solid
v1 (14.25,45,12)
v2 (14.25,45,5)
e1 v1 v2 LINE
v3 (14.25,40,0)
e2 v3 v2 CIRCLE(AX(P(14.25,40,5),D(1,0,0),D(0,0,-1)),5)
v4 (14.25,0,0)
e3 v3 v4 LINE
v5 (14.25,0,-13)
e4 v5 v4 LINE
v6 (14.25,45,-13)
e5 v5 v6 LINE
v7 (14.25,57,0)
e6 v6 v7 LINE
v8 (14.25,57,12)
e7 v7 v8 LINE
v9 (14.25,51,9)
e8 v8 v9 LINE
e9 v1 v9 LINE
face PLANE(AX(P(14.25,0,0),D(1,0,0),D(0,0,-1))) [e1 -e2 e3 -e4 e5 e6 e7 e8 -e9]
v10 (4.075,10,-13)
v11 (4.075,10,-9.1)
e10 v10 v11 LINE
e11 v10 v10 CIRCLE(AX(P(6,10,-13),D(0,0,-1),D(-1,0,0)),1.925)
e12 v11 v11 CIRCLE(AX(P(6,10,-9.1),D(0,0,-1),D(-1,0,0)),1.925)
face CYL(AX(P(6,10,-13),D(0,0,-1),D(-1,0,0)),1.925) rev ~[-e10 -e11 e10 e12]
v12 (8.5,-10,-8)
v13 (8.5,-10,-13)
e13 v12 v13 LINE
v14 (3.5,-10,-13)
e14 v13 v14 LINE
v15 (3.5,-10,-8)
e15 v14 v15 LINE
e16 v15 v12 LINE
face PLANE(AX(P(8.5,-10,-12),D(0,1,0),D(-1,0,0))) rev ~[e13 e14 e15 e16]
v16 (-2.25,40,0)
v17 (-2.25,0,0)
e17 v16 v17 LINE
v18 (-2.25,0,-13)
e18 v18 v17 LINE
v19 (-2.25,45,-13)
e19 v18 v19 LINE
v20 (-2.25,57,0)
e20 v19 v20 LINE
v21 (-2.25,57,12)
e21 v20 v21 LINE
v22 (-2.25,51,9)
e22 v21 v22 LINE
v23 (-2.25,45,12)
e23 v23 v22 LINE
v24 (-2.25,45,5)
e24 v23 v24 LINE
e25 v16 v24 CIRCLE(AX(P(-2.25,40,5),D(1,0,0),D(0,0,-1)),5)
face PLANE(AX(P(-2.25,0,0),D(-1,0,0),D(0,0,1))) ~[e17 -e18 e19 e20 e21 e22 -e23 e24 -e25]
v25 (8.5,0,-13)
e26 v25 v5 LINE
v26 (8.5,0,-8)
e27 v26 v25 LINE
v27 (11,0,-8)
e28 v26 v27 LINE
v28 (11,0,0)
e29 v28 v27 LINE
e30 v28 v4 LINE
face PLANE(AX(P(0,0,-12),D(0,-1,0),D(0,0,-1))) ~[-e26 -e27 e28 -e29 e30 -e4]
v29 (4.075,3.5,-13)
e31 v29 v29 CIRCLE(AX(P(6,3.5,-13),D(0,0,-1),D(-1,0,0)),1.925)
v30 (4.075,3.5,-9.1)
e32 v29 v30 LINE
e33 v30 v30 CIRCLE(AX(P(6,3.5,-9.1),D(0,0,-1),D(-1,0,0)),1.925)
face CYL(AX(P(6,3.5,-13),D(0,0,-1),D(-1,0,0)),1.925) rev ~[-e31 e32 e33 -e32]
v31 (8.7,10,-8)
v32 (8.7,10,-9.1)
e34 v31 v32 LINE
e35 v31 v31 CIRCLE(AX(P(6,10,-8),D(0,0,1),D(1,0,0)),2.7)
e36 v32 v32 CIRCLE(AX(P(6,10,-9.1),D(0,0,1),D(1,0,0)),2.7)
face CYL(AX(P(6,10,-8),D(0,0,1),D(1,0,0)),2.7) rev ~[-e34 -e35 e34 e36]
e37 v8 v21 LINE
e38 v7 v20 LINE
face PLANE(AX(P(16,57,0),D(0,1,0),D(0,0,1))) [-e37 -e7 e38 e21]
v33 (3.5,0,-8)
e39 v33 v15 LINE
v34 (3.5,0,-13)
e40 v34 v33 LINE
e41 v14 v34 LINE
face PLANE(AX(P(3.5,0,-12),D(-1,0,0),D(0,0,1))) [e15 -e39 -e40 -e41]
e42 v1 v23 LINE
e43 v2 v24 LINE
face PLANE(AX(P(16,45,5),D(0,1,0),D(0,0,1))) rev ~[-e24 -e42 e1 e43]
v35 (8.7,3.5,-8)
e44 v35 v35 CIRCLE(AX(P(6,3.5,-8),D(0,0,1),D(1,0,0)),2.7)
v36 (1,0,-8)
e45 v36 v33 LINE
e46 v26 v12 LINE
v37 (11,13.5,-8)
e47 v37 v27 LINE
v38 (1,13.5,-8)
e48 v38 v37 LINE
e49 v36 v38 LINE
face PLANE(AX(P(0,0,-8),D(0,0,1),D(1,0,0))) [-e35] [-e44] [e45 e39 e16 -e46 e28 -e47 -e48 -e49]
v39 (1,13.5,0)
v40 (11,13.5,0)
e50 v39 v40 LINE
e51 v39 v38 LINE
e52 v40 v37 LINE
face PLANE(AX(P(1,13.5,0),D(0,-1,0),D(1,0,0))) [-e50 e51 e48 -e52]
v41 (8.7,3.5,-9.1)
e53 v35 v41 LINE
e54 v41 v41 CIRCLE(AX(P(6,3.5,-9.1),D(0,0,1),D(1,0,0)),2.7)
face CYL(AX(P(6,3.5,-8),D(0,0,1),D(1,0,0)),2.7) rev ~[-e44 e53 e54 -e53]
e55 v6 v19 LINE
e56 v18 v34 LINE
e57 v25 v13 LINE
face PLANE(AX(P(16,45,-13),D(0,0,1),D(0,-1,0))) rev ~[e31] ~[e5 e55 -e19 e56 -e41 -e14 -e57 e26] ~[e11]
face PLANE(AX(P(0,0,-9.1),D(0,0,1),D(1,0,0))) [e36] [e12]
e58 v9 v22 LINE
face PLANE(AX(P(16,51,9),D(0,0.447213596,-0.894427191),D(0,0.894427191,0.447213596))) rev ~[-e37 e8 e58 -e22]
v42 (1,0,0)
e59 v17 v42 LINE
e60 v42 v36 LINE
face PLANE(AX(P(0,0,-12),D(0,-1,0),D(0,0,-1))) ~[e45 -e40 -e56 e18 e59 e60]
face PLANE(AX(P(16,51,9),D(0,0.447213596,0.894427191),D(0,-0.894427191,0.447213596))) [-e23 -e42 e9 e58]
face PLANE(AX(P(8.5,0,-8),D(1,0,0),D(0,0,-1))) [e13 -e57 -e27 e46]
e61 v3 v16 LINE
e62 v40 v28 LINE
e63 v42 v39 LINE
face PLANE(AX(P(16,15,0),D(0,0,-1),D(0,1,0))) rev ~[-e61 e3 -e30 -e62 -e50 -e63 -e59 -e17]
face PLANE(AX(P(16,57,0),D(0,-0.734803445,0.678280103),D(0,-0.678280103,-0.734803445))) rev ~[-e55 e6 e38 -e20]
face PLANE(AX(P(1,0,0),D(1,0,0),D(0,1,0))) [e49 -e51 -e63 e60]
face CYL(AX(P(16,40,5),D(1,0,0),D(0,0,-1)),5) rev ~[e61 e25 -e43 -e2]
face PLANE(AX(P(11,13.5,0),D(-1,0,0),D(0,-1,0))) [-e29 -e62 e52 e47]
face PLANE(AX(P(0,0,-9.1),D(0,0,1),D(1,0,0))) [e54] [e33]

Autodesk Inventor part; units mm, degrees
ref_plane "YZ Plane" through (0, 0, 0) normal (1, 0, 0) x (0, 1, 0)
sketch "Sketch2" plane through (0, 0, 0) normal (1, 0, 0) x (0, 1, 0)
  line L0 (0, 0) -> (15, 0)
  line L1 (15, 0) -> (15, -10)
  line L2 (15, -10) -> (0, -10)
  line L3 (0, -10) -> (0, 0)
  dimension "d4" = 15
  dimension "d5" = 10
extrude "Extrusion2" add sketch "Sketch2" along normal blind 12
sketch "Sketch3" plane through (0, 0, 0) normal (0, 0, 1) x (1, 0, 0)
  line L0 (0, 0) -> (1, 0)
  line L1 (0, 0) -> (12, 0) projected
  line L2 (1, 0) -> (1, 13.5)
  line L3 (1, 13.5) -> (11, 13.5)
  line L4 (11, 13.5) -> (11, 0)
  line L5 (11, 0) -> (1, 0)
  dimension "d8" = 1
  dimension "d9" = 13.5
  dimension "d10" = 10
extrude "Extrusion3" cut sketch "Sketch3" against normal blind 8
sketch "Sketch4" plane through (0, 0, -10) normal (0, 0, -1) x (-1, 0, 0)
  line L0 (0, 15) -> (-12, 15) projected
  line L1 (0, 0) -> (-12, 0) projected
  line L2 (-12, 15) -> (0, 15)
  line L3 (0, 15) -> (0, 0)
  line L4 (0, 0) -> (-12, 0)
  line L5 (-12, 0) -> (-12, 15)
extrude "Extrusion4" add sketch "Sketch4" along normal blind 2
sketch "Sketch5" plane through (0, 0, -8) normal (0, 0, 1) x (1, 0, 0)
  line L0 (1, 13.5) -> (11, 13.5) projected
  line L1 (6, 13.5) -> (6, 10)
  line L2 (6, 10) -> (6, 3.5)
  circle A0 centre (6, 10) radius 1.2295
  circle A1 centre (6, 3.5) radius 1.2295
  point P0 (0, 0)
  dimension "d15" = 3.5
  dimension "d16" = 6.5
  dimension "d17" = 2.459
  dimension "d18" = 2.459
extrude "Extrusion5" cut sketch "Sketch5" against normal blind 4
sketch "Sketch6" plane through (0, 0, -8) normal (0, 0, 1) x (1, 0, 0)
  circle A0 centre (6, 10) radius 1.2295 projected
  circle A1 centre (6, 10) radius 2.7
  circle A2 centre (6, 3.5) radius 1.2295 projected
  circle A3 centre (6, 3.5) radius 2.7
  point P0 (0, 0)
  dimension "d21" = 5.4
  dimension "d22" = 5.4
extrude "Extrusion6" cut sketch "Sketch6" against normal blind 1.1
sketch "Sketch15" plane through (12, 0, 0) normal (1, 0, 0) x (0, 0, -1)
  line L0 (0, 15) -> (12, 15) projected
  line L1 (12, 15) -> (12, 0) projected
  line L2 (0, 15) -> (12, 15)
  line L3 (12, 15) -> (12, 0)
  line L4 (12, 0) -> (0, 0)
  line L5 (0, 0) -> (0, 15)
extrude "Extrusion14" add sketch "Sketch15" along normal blind 4
ref_plane "Work Plane1" through (6, 0, 0) normal (1, 0, 0) x (0, 0, -1)
mirror "Mirror1" about plane through (6, 0, 0) normal (1, 0, 0) of "Extrusion14"
sketch "Sketch16" plane through (1, 0, -8) normal (0, -1, 0) x (1, 0, 0)
  line L0 (10, 0) -> (0, 0) projected
  line L1 (5, 0) -> (7.5, 0)
  line L2 (7.5, 0) -> (7.5, -4)
  line L3 (-5, -4) -> (15, -4) projected
  line L4 (7.5, -4) -> (2.5, -4)
  line L5 (2.5, -4) -> (2.5, 0)
  line L6 (2.5, 0) -> (5, 0)
  point P0 (-1, 8)
  dimension "d61" = 2.5
  dimension "d62" = 4
  dimension "d63" = 5
  dimension "d64" = 4
extrude "Extrusion15" add sketch "Sketch16" along normal blind 10
sketch "Sketch18" plane through (0, 0, -12) normal (0, 0, -1) x (-1, 0, 0)
  line L0 (-16, 15) -> (4, 15) projected
  line L1 (4, 0) -> (-3.5, 0) projected
  line L2 (-16, 15) -> (4, 15)
  line L3 (4, 15) -> (4, 0)
  line L4 (4, 0) -> (-16, 0)
  line L5 (-16, 0) -> (-16, 15)
  line L6 (-8.5, -10) -> (-3.5, -10) projected
  line L7 (-3.5, 0) -> (-8.5, 0)
  line L8 (-8.5, 0) -> (-8.5, -10)
  line L9 (-8.5, -10) -> (-3.5, -10)
  line L10 (-3.5, -10) -> (-3.5, 0)
  circle A0 centre (-6, 3.5) radius 1.2295 projected
  circle A1 centre (-6, 3.5) radius 1.2295
  circle A2 centre (-6, 10) radius 1.2295 projected
  circle A3 centre (-6, 10) radius 1.2295
  point P0 (0, 0)
extrude "Extrusion16" add sketch "Sketch18" along normal blind 1
sketch "Sketch19" plane through (16, 0, 0) normal (1, 0, 0) x (0, 0, -1)
  line L0 (0, 15) -> (13, 15) projected
  line L1 (0, 15) -> (0, 40)
  line L2 (-5, 45) -> (-12, 45)
  line L3 (13, 45) -> (13, 15)
  line L4 (0, 57) -> (-12, 57)
  line L5 (0, 57) -> (13, 45)
  line L6 (-9, 51) -> (-12, 57)
  line L7 (-9, 51) -> (-12, 45)
  arc A0 (0, 40) -> (-5, 45) centre (-5, 40) ccw
  point P0 (0, 0)
  point P1 (0, 45)
  dimension "d69" = 30
  dimension "d75" = 5
extrude "Extrusion17" add sketch "Sketch19" against normal blind 20
sketch "Sketch20" plane through (0, 0, -13) normal (0, 0, -1) x (-1, 0, 0)
  circle A0 centre (-6, 10) radius 1.2295 projected
  circle A1 centre (-6, 10) radius 1.925
  circle A2 centre (-6, 3.5) radius 1.2295 projected
  circle A3 centre (-6, 3.5) radius 1.925
  point P0 (0, 0)
  dimension "d80" = 3.85
  dimension "d81" = 3.85
extrude "Extrusion18" cut sketch "Sketch20" against normal blind 10
sketch "Sketch22" plane through (16, 0, 0) normal (1, 0, 0) x (0, 0, -1)
  line L0 (0, 57) -> (-12, 57) projected
  line L1 (-12, 57) -> (0, 57)
  line L2 (13, 45) -> (0, 57) projected
  line L3 (0, 57) -> (13, 45)
  line L4 (13, 0) -> (13, 45) projected
  line L5 (13, 45) -> (13, 0)
  line L6 (0, 0) -> (8, 0) projected
  line L7 (13, 0) -> (0, 0)
  line L8 (0, 40) -> (0, 0) projected
  line L9 (0, 0) -> (0, 40)
  line L10 (-12, 45) -> (-5, 45) projected
  line L11 (-5, 45) -> (-12, 45)
  line L12 (-12, 45) -> (-9, 51) projected
  line L13 (-12, 45) -> (-9, 51)
  line L14 (-12, 57) -> (-9, 51) projected
  line L15 (-9, 51) -> (-12, 57)
  arc A0 (0, 40) -> (-5, 45) centre (-5, 40) ccw
extrude "Extrusion20" cut sketch "Sketch22" against normal blind 1.75
ref_plane "Work Plane2" through (6, 0, 0) normal (-1, 0, 0) x (0, 0, 1)
mirror "Mirror2" about plane through (6, 0, 0) normal (-1, 0, 0) of "Extrusion20"
properties part number "3point finger"
